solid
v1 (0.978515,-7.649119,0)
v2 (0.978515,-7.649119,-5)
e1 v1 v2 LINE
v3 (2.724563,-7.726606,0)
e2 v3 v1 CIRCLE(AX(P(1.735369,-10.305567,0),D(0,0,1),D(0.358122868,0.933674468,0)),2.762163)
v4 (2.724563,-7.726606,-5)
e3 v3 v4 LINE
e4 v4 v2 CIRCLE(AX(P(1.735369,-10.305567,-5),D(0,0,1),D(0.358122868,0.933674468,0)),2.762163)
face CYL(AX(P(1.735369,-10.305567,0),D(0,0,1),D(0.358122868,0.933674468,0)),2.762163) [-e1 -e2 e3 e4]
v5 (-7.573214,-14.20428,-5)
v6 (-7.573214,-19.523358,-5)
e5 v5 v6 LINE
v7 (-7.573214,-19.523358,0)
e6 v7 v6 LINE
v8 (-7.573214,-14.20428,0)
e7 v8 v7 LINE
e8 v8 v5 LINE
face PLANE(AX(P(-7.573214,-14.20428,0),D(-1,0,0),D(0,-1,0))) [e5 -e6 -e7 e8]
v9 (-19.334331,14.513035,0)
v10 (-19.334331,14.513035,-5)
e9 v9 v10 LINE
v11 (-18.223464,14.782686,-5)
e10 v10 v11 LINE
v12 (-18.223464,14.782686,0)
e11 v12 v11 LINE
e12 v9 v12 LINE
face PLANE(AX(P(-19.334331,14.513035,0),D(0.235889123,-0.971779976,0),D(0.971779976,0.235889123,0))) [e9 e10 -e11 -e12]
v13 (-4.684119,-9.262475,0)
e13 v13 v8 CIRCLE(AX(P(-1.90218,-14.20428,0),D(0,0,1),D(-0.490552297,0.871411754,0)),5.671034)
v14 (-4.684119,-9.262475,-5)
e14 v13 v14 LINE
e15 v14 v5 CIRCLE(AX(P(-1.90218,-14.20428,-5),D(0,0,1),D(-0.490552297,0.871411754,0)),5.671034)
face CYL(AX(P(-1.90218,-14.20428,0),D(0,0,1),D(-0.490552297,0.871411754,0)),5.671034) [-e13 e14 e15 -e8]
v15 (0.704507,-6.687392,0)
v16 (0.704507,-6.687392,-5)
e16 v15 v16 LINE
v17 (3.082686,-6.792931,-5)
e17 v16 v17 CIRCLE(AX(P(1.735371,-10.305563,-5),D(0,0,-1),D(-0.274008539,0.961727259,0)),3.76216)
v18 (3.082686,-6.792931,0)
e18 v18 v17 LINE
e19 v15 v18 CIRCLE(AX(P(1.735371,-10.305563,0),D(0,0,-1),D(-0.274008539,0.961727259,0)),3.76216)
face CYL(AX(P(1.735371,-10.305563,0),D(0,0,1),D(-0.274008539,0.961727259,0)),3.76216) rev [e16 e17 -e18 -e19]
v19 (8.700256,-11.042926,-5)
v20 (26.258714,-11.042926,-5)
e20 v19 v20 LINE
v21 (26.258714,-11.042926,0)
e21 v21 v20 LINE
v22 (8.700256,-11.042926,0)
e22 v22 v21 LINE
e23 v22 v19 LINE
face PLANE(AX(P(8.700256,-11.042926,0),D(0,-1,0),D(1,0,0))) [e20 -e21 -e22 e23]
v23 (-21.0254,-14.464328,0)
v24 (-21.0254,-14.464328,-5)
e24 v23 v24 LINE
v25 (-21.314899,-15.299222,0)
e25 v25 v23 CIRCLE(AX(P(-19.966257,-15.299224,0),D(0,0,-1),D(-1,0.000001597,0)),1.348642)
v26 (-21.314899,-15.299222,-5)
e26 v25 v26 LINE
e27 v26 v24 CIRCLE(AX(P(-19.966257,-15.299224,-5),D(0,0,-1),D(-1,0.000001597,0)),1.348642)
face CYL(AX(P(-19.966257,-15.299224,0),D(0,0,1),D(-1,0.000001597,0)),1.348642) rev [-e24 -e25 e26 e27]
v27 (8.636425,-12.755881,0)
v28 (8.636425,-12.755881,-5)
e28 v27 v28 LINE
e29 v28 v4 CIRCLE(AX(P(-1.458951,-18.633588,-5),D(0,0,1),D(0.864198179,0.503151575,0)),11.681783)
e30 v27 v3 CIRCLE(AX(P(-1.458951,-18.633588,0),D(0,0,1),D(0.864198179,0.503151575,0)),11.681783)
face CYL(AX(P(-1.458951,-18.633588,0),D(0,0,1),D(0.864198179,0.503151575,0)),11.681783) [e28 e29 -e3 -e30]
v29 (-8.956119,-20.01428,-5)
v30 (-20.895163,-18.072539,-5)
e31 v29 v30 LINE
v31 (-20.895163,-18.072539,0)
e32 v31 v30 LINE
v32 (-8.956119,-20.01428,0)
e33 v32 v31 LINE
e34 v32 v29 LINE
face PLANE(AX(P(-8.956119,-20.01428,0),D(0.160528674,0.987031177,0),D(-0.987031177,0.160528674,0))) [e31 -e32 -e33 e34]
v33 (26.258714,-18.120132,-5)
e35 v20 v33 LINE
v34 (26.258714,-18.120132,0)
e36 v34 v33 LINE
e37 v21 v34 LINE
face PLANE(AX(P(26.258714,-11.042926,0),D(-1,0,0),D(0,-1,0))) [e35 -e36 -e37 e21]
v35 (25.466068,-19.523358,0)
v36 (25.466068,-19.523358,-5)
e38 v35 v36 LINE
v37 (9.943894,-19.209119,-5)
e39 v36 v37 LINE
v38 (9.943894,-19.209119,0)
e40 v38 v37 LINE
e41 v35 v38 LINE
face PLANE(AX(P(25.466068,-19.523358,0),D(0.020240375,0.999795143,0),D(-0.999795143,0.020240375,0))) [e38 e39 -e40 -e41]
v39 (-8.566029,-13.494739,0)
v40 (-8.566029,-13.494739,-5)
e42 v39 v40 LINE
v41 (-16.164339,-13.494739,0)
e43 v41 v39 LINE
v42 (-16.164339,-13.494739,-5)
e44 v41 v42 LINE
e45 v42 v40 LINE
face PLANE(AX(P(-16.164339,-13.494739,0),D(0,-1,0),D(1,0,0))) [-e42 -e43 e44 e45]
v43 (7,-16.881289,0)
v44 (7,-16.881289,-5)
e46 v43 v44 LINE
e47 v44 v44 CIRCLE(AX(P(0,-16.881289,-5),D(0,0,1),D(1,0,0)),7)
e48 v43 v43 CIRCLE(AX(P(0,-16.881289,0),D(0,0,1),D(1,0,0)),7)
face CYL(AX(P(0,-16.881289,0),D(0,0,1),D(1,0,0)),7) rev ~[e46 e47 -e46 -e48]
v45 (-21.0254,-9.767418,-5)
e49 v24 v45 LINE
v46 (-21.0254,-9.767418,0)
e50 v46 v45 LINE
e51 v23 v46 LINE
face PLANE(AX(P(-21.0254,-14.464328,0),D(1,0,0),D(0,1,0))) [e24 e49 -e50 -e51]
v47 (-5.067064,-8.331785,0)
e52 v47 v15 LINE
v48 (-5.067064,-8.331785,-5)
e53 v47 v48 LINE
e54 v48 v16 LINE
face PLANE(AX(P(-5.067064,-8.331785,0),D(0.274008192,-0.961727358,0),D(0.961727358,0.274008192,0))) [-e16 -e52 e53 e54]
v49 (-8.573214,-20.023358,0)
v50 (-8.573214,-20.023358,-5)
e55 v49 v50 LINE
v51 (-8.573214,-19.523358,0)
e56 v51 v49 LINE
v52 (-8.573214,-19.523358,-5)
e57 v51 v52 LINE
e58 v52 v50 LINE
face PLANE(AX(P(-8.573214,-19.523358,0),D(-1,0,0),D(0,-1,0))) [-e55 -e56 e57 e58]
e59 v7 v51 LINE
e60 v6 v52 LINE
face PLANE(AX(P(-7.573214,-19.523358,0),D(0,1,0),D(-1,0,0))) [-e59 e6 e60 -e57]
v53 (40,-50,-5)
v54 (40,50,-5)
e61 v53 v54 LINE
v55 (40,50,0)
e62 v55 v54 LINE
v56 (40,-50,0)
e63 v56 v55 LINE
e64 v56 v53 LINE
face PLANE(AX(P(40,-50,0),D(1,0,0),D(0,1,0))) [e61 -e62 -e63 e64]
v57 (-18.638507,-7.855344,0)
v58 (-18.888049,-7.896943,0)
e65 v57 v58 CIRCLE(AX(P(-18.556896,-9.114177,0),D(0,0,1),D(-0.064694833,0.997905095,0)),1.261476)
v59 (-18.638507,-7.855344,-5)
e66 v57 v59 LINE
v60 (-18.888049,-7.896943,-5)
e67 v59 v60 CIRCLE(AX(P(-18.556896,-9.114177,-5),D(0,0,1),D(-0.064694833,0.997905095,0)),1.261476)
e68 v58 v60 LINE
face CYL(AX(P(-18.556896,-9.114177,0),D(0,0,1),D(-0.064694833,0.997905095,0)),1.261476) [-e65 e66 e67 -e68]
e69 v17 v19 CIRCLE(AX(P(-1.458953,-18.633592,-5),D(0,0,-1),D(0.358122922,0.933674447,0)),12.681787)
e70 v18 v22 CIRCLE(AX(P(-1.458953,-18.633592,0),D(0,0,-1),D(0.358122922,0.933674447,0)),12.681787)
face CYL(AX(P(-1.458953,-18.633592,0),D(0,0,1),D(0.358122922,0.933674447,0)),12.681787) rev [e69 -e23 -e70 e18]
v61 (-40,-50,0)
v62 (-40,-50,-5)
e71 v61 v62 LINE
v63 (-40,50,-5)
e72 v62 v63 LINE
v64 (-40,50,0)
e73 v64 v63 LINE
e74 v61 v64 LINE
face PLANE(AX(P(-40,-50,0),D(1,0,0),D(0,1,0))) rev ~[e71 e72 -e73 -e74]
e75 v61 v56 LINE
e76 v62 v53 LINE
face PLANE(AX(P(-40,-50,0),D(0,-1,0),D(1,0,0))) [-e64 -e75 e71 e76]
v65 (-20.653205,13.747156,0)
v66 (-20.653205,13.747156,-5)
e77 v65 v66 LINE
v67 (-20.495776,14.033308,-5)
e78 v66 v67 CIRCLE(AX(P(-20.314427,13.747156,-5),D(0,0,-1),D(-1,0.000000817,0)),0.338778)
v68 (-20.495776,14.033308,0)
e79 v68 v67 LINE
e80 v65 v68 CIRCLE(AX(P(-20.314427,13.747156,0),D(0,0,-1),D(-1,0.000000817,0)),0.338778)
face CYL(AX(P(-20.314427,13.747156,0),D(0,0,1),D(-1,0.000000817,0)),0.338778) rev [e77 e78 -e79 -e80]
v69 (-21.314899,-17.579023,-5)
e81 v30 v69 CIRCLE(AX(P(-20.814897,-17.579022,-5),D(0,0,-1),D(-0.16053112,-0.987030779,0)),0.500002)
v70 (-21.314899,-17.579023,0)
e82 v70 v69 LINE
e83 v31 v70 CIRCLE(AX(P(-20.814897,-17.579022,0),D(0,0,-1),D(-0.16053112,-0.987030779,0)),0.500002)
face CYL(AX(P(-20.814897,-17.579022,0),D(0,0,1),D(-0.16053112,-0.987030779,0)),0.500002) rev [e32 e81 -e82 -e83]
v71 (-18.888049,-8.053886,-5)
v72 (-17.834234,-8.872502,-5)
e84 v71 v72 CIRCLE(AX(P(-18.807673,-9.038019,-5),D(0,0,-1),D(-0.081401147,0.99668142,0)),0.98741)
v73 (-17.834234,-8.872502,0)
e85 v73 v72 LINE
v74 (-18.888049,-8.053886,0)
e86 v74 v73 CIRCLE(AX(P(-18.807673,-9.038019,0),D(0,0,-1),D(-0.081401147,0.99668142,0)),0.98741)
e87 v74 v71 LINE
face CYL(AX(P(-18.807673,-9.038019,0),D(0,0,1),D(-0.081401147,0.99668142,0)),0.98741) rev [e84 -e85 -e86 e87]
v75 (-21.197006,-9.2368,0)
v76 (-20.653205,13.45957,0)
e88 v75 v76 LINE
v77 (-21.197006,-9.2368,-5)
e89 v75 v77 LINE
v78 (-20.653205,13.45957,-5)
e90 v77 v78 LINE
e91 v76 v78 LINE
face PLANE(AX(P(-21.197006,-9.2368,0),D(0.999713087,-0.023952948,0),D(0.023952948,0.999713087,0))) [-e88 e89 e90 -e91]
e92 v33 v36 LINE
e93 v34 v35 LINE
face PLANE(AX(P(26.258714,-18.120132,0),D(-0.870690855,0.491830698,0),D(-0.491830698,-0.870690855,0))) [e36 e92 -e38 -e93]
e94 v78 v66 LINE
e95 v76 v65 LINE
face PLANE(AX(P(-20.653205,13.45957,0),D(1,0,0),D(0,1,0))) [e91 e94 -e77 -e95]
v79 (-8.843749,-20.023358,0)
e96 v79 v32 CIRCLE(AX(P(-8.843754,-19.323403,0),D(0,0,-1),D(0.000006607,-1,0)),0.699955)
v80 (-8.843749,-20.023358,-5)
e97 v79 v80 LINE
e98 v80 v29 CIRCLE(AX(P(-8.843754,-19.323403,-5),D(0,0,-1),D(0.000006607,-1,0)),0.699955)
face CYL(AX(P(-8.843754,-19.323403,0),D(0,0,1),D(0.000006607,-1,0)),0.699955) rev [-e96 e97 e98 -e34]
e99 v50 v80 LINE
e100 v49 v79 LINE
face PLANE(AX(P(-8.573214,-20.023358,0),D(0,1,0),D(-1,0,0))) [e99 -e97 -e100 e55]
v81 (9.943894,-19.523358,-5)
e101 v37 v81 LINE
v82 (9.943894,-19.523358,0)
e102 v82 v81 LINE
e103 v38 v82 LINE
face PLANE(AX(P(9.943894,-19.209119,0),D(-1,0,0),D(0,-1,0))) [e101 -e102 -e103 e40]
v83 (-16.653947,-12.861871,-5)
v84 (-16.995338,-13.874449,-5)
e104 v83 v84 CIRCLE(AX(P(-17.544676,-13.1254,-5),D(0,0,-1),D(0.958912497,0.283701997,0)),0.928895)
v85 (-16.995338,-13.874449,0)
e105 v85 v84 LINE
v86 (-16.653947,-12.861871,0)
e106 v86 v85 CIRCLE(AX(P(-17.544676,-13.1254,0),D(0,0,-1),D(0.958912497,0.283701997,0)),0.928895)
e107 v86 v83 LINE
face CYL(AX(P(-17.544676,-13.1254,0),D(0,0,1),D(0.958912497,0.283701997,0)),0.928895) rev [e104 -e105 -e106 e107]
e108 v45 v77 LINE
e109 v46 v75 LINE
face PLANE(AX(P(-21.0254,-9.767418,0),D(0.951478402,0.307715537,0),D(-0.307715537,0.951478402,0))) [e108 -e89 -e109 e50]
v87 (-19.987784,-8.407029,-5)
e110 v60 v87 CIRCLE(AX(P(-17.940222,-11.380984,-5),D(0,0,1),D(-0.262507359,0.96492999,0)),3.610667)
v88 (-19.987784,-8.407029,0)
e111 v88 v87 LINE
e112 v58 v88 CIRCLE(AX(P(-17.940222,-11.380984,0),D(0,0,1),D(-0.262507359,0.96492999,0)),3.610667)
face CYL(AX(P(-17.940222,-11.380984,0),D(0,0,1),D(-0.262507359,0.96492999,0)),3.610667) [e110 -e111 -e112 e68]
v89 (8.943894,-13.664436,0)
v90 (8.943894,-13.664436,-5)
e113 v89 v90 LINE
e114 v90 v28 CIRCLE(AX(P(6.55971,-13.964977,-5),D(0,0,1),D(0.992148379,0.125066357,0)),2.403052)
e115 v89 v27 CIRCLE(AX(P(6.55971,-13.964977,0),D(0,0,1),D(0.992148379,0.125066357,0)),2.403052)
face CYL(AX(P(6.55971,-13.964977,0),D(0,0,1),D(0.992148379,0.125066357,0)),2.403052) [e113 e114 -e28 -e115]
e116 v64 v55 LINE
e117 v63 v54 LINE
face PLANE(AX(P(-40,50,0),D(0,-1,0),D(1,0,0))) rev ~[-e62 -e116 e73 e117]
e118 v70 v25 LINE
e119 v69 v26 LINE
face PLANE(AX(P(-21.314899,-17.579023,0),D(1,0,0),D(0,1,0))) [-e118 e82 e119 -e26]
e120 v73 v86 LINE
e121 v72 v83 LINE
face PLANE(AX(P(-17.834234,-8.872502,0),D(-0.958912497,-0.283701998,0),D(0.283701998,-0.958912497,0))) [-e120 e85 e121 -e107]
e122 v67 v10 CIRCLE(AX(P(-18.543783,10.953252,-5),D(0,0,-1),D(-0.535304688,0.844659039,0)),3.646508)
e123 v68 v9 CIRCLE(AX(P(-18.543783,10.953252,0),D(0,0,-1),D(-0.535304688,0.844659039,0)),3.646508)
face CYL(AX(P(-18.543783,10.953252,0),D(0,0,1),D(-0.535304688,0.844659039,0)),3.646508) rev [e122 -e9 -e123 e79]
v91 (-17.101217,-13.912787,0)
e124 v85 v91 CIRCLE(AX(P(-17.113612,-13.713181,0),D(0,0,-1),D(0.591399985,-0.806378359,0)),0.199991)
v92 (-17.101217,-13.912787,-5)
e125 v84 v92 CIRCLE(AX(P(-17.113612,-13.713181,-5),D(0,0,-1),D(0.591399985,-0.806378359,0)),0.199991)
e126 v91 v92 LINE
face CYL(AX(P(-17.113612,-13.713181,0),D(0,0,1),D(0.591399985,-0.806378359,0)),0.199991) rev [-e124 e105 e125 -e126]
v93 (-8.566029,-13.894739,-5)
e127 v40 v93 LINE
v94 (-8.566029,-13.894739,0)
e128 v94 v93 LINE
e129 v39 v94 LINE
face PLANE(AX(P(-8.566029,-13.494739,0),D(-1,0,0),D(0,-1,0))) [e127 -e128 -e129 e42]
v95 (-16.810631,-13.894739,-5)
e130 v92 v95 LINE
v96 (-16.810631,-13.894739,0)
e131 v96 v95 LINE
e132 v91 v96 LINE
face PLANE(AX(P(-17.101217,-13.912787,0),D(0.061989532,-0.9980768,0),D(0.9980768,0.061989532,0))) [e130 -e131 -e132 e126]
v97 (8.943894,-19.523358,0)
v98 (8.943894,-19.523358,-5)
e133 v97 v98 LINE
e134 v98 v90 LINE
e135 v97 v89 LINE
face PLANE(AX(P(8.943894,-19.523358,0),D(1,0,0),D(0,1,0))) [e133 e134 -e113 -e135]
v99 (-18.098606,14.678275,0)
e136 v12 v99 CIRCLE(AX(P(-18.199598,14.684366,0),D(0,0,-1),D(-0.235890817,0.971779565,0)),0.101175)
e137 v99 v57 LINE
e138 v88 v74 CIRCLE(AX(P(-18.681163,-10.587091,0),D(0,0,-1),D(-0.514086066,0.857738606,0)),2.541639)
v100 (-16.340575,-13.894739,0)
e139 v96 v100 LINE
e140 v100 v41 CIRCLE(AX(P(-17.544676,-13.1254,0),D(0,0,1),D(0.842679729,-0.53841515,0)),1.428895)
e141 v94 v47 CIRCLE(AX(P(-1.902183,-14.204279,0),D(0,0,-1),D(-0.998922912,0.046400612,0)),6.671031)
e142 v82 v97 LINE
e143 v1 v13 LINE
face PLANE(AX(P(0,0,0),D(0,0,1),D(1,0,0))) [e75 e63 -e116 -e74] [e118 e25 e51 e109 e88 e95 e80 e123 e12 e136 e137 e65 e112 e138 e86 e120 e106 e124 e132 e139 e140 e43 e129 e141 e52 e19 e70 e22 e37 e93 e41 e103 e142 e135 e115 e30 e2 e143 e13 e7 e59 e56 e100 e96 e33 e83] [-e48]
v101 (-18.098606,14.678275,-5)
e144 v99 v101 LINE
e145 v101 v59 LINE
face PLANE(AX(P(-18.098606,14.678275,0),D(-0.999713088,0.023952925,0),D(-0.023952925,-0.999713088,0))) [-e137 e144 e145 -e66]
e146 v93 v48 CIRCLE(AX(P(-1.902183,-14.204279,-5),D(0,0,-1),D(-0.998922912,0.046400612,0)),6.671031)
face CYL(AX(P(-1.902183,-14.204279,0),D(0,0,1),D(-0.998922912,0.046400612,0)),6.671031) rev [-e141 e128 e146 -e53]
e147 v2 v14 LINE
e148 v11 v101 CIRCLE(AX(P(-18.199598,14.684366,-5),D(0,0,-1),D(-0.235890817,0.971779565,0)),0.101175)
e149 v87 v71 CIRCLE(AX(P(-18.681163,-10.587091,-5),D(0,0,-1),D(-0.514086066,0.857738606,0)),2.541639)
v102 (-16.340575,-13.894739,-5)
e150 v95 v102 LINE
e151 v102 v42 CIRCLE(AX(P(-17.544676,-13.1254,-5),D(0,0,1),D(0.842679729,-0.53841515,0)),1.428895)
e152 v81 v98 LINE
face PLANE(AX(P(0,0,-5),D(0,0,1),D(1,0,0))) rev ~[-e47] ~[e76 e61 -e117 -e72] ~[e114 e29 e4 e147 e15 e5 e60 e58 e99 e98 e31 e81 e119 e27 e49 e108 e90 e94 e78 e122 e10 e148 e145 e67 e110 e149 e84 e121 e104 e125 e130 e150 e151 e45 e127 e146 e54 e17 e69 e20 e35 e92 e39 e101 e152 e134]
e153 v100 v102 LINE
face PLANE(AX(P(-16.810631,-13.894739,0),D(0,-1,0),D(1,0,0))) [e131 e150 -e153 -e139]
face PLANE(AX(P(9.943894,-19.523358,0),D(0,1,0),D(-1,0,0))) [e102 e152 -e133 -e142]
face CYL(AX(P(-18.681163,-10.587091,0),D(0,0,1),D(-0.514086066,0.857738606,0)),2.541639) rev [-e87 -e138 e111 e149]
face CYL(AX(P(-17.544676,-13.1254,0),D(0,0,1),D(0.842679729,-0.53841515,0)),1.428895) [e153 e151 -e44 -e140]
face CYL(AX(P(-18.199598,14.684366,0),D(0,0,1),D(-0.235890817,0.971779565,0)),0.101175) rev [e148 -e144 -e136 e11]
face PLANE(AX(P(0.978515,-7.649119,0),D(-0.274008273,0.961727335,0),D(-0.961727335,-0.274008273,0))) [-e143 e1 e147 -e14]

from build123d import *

# Parameters (mm, degrees)
F0_W     = 80
F0_H     = 100
F0_R     = 7
F1_DEPTH = 5


with BuildPart() as f1:
    # F0 (on Top) → F1 (new body)
    with BuildSketch(Plane.XY):
        Rectangle(F0_W, F0_H)
        with Locations((0, -16.881289)):
            Circle(F0_R, mode=Mode.SUBTRACT)
        with BuildLine():
            Line((-7.573214, -14.20428), (-7.573214, -19.523358))
            Line((-7.573214, -19.523358), (-8.573214, -19.523358))
            Line((-8.573214, -19.523358), (-8.573214, -20.023358))
            Line((-8.573214, -20.023358), (-8.843749, -20.023358))
            ThreePointArc((-8.843749, -20.023358), (-8.900117, -20.021085), (-8.956119, -20.01428))
            Line((-8.956119, -20.01428), (-20.895163, -18.072539))
            ThreePointArc((-20.895163, -18.072539), (-21.195774, -17.902958), (-21.314899, -17.579023))
            Line((-21.314899, -17.579023), (-21.314899, -17.160009))
            Line((-21.314899, -17.160009), (-21.314899, -15.299222))
            ThreePointArc((-21.314899, -15.299222), (-21.24047, -14.857391), (-21.0254, -14.464328))
            Line((-21.0254, -14.464328), (-21.0254, -14.01055))
            Line((-21.0254, -14.01055), (-21.0254, -12.913586))
            Line((-21.0254, -12.913586), (-21.0254, -9.813586))
            Line((-21.0254, -9.813586), (-21.0254, -9.767418))
            Line((-21.0254, -9.767418), (-21.197006, -9.2368))
            Line((-21.197006, -9.2368), (-20.653205, 13.45957))
            Line((-20.653205, 13.45957), (-20.653205, 13.747156))
            ThreePointArc((-20.653205, 13.747156), (-20.61125, 13.910455), (-20.495776, 14.033308))
            ThreePointArc((-20.495776, 14.033308), (-19.935874, 14.323579), (-19.334331, 14.513035))
            Line((-19.334331, 14.513035), (-18.223464, 14.782686))
            ThreePointArc((-18.223464, 14.782686), (-18.134694, 14.76198), (-18.098606, 14.678275))
            Line((-18.098606, 14.678275), (-18.638507, -7.855344))
            ThreePointArc((-18.638507, -7.855344), (-18.764323, -7.869872), (-18.888049, -7.896943))
            ThreePointArc((-18.888049, -7.896943), (-19.459477, -8.105502), (-19.987784, -8.407029))
            ThreePointArc((-19.987784, -8.407029), (-19.458243, -8.167158), (-18.888049, -8.053886))
            ThreePointArc((-18.888049, -8.053886), (-18.201931, -8.25824), (-17.834234, -8.872502))
            Line((-17.834234, -8.872502), (-16.653947, -12.861871))
            ThreePointArc((-16.653947, -12.861871), (-16.664462, -13.422165), (-16.995338, -13.874449))
            ThreePointArc((-16.995338, -13.874449), (-17.045524, -13.901224), (-17.101217, -13.912787))
            Line((-17.101217, -13.912787), (-16.810631, -13.894739))
            Line((-16.810631, -13.894739), (-16.340575, -13.894739))
            ThreePointArc((-16.340575, -13.894739), (-16.237071, -13.701517), (-16.164339, -13.494739))
            Line((-16.164339, -13.494739), (-15.217034, -13.494739))
            Line((-15.217034, -13.494739), (-14.968154, -13.494739))
            Line((-14.968154, -13.494739), (-8.566029, -13.494739))
            Line((-8.566029, -13.494739), (-8.566029, -13.894739))
            ThreePointArc((-8.566029, -13.894739), (-7.549092, -10.652508), (-5.067064, -8.331785))
            Line((-5.067064, -8.331785), (0.704507, -6.687392))
            ThreePointArc((0.704507, -6.687392), (1.902164, -6.547103), (3.082686, -6.792931))
            ThreePointArc((3.082686, -6.792931), (6.192475, -8.520067), (8.700256, -11.042926))
            Line((8.700256, -11.042926), (26.258714, -11.042926))
            Line((26.258714, -11.042926), (26.258714, -14.213515))
            Line((26.258714, -14.213515), (26.258714, -18.120132))
            Line((26.258714, -18.120132), (25.466068, -19.523358))
            Line((25.466068, -19.523358), (9.943894, -19.209119))
            Line((9.943894, -19.209119), (9.943894, -19.523358))
            Line((9.943894, -19.523358), (8.943894, -19.523358))
            Line((8.943894, -19.523358), (8.943894, -13.664436))
            ThreePointArc((8.943894, -13.664436), (8.835951, -13.194662), (8.636425, -12.755881))
            ThreePointArc((8.636425, -12.755881), (6.1104, -9.735893), (2.724563, -7.726606))
            ThreePointArc((2.724563, -7.726606), (1.857829, -7.54612), (0.978515, -7.649119))
            Line((0.978515, -7.649119), (-4.684119, -9.262475))
            ThreePointArc((-4.684119, -9.262475), (-6.797948, -11.342099), (-7.573214, -14.20428))
        make_face(mode=Mode.SUBTRACT)
    extrude(amount=-F1_DEPTH)


solid = f1.part
